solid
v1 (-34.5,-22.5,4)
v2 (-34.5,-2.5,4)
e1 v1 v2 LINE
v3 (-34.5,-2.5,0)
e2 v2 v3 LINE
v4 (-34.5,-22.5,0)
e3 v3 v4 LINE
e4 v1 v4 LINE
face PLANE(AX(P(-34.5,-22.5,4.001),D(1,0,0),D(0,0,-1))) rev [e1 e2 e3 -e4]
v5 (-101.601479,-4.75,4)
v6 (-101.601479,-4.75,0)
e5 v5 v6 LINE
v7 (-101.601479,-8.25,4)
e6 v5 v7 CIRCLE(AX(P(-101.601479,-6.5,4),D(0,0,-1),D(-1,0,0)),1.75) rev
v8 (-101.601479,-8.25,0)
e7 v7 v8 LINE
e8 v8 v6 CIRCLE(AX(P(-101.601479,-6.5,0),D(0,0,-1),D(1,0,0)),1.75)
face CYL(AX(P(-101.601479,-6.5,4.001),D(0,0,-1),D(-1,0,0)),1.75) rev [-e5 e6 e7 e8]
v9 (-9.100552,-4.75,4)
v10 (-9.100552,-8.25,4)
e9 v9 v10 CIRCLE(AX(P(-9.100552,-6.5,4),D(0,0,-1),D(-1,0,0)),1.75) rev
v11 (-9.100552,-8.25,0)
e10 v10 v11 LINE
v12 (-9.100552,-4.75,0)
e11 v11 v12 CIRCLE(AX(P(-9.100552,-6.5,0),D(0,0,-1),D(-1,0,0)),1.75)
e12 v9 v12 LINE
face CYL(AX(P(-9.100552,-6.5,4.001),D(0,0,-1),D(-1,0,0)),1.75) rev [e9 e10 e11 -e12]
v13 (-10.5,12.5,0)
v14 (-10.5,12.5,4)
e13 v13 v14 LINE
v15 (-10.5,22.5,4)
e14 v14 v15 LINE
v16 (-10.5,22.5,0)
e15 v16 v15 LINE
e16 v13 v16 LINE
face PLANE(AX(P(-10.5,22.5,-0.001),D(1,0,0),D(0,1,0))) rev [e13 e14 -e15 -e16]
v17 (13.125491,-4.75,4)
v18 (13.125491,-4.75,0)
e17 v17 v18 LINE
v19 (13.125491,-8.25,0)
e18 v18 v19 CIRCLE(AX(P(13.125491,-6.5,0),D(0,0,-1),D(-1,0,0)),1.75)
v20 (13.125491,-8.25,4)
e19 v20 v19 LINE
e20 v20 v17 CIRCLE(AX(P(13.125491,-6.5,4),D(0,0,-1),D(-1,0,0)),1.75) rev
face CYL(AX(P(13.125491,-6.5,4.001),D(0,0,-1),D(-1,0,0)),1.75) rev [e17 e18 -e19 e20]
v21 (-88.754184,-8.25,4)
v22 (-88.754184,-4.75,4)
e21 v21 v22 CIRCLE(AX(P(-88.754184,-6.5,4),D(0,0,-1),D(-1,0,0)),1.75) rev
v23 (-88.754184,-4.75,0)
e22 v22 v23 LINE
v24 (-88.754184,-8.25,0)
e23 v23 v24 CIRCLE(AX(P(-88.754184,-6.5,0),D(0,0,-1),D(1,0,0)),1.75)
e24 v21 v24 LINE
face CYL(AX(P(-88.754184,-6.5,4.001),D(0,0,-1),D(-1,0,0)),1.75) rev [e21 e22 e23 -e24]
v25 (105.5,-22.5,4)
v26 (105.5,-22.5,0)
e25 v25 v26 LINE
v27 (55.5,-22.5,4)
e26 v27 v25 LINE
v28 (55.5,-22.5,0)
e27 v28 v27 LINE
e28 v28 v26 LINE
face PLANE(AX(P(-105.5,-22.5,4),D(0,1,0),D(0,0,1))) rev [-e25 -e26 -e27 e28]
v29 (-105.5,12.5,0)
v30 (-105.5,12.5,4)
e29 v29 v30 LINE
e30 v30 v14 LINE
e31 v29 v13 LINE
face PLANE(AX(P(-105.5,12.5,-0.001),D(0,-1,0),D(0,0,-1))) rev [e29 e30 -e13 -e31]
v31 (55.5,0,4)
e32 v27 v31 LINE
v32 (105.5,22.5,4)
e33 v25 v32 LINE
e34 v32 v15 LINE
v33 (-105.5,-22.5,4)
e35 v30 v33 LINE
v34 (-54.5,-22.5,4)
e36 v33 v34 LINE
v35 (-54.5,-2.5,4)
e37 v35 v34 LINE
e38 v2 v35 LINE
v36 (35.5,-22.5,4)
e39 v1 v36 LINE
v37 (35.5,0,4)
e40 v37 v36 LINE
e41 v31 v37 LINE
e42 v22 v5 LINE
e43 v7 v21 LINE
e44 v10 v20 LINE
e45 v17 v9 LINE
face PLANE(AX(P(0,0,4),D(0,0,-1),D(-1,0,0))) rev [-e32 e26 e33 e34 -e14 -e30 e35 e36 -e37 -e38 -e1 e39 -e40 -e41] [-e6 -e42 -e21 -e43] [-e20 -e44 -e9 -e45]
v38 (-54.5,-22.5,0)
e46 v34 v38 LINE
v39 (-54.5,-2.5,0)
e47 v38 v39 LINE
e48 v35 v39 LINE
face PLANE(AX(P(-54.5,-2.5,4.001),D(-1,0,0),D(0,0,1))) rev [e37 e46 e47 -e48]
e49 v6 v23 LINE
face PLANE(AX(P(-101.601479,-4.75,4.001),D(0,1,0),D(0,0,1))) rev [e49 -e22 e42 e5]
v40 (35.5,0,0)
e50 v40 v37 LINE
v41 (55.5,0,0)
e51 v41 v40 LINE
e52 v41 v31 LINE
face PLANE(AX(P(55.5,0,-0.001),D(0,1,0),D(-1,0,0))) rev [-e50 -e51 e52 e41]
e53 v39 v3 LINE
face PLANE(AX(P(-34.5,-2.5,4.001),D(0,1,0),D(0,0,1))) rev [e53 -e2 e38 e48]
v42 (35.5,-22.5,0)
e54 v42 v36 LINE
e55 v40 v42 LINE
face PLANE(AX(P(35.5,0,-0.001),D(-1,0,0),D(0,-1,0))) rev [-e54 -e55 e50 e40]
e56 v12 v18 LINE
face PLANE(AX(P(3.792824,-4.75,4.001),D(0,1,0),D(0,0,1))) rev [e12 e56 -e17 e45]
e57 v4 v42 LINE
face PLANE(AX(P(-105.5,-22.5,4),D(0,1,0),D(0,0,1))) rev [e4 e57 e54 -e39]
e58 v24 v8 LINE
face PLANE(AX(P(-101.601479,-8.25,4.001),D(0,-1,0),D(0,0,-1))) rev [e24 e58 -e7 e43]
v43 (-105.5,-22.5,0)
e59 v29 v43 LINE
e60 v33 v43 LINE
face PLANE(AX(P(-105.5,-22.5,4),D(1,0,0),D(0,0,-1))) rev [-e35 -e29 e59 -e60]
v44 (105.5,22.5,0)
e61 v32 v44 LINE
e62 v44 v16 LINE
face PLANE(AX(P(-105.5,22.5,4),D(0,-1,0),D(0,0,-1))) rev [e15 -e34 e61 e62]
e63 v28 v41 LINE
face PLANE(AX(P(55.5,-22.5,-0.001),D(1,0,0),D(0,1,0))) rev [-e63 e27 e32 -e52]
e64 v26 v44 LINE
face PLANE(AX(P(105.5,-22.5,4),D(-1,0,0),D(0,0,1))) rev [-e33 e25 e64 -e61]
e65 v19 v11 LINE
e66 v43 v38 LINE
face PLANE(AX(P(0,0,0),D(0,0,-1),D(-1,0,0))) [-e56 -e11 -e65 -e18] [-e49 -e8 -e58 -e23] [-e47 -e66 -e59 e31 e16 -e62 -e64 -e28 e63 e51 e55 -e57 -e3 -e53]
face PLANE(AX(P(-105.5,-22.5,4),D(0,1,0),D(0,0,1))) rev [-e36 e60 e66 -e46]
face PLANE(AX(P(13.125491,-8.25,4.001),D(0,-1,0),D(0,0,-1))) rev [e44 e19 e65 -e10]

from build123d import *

# Parameters (mm, degrees)
SKETCH1_W           = 211
SKETCH1_H           = 45
BOSS_EXTRUDE1_DEPTH = 4
CUT_EXTRUDE1_REACH  = 109.947
SKETCH2_W           = 95
SKETCH2_H           = 10
CUT_EXTRUDE2_REACH  = 109.947
SKETCH3_R           = 4.5
SKETCH3_W           = 20
SKETCH3_H           = 22.5
CUT_EXTRUDE3_DEPTH  = 4
CUT_EXTRUDE4_DEPTH  = 4
SKETCH7_R           = 5.771912947
CUT_EXTRUDE6_DEPTH  = 108.94674613
CUT_EXTRUDE7_REACH  = 109.947


with BuildPart() as part:
    # Sketch1 → Boss-Extrude1 (new body)
    with BuildSketch(Plane.XY):
        Rectangle(SKETCH1_W, SKETCH1_H)
    extrude(amount=BOSS_EXTRUDE1_DEPTH)

    # Sketch2 → Cut-Extrude1 (cut, up to next)
    with BuildSketch(Plane.XY.offset(4), mode=Mode.PRIVATE) as cut_extrude1_sk1:
        with Locations((-58, 17.5)):
            Rectangle(SKETCH2_W, SKETCH2_H)
    cut_extrude1_tool1 = extrude(cut_extrude1_sk1.sketch, amount=-CUT_EXTRUDE1_REACH, mode=Mode.PRIVATE) & part.part
    add(cut_extrude1_tool1.solids().sort_by_distance((-58, 17.5, 4))[0], mode=Mode.SUBTRACT)

    # Sketch3 → Cut-Extrude2 (cut, up to next)
    with BuildSketch(Plane.XY.offset(4), mode=Mode.PRIVATE) as cut_extrude2_sk1:
        with Locations((-44.5, -10.5)):
            Circle(SKETCH3_R)
    cut_extrude2_tool1 = extrude(cut_extrude2_sk1.sketch, amount=-CUT_EXTRUDE2_REACH, mode=Mode.PRIVATE) & part.part
    # Sketch3 → Cut-Extrude2 (cut, up to next)
    with BuildSketch(Plane.XY.offset(4), mode=Mode.PRIVATE) as cut_extrude2_sk2:
        with Locations((45.5, -11.25)):
            Rectangle(SKETCH3_W, SKETCH3_H)
        with Locations((45.5, -10.5)):
            Circle(SKETCH3_R, mode=Mode.SUBTRACT)
    cut_extrude2_tool2 = extrude(cut_extrude2_sk2.sketch, amount=-CUT_EXTRUDE2_REACH, mode=Mode.PRIVATE) & part.part
    add(cut_extrude2_tool1.solids().sort_by_distance((-44.5, -10.5, 4))[0], mode=Mode.SUBTRACT)
    add(cut_extrude2_tool2.solids().sort_by_distance((55.19896, -11.25, 4))[0], mode=Mode.SUBTRACT)


with BuildPart() as cut_extrude2_piece_1:
    # of the separate pieces the step leaves, piece 1, a body of its own (cut_extrude2_pieces)
    add(part.part.solids().sort_by_distance((-105.5, -22.5, 0))[0])

    # Sketch4 → Cut-Extrude3 (cut)
    with BuildSketch(Plane(origin=(0, 0, 0), x_dir=(-1, 0, 0), z_dir=(0, 0, -1))):
        Polygon((44.5, -22.5), (34.5, -22.5), (34.5, -2.5), (54.5, -2.5), (54.5, -22.5), align=None)
    extrude(amount=-CUT_EXTRUDE3_DEPTH, mode=Mode.SUBTRACT)

    # Sketch5 → Cut-Extrude4 (cut)
    with BuildSketch(Plane(origin=(0, 0, 0), x_dir=(-1, 0, 0), z_dir=(0, 0, -1))):
        with BuildLine():
            Line((101.601478709, -4.75), (88.754183798, -4.75))
            ThreePointArc((88.754183798, -4.75), (87.004183798, -6.5), (88.754183798, -8.25))
            Line((88.754183798, -8.25), (101.601478709, -8.25))
            ThreePointArc((101.601478709, -8.25), (103.351478709, -6.5), (101.601478709, -4.75))
        make_face()
    extrude(amount=-CUT_EXTRUDE4_DEPTH, mode=Mode.SUBTRACT)

    # Sketch8 → Cut-Extrude7 (cut, up to next)
    with BuildSketch(Plane(origin=(0, 0, 0), x_dir=(-1, 0, 0), z_dir=(0, 0, -1)), mode=Mode.PRIVATE) as cut_extrude7_sk1:
        with BuildLine():
            Line((-13.125491326, -8.25), (9.100552063, -8.25))
            ThreePointArc((9.100552063, -8.25), (10.850552063, -6.5), (9.100552063, -4.75))
            Line((9.100552063, -4.75), (-3.792824267, -4.75))
            Line((-3.792824267, -4.75), (-13.125491326, -4.75))
            ThreePointArc((-13.125491326, -4.75), (-14.875491326, -6.5), (-13.125491326, -8.25))
        make_face()
    cut_extrude7_tool1 = extrude(cut_extrude7_sk1.sketch, amount=-CUT_EXTRUDE7_REACH, mode=Mode.PRIVATE) & cut_extrude2_piece_1.part
    add(cut_extrude7_tool1.solids().sort_by_distance((2.01247, -6.5, 0))[0], mode=Mode.SUBTRACT)


with BuildPart() as cut_extrude2_piece_2:
    # of the separate pieces the step leaves, piece 2, a body of its own (cut_extrude2_pieces)
    add(part.part.solids().sort_by_distance((50, -10.5, 0))[0])

    # Sketch7 → Cut-Extrude6 (cut, through all)
    with BuildSketch(Plane(origin=(0, 0, 0), x_dir=(-1, 0, 0), z_dir=(0, 0, -1))):
        with Locations((-45.5, -10.5)):
            Circle(SKETCH7_R)
    extrude(amount=-CUT_EXTRUDE6_DEPTH, mode=Mode.SUBTRACT)


solid = cut_extrude2_piece_1.part
